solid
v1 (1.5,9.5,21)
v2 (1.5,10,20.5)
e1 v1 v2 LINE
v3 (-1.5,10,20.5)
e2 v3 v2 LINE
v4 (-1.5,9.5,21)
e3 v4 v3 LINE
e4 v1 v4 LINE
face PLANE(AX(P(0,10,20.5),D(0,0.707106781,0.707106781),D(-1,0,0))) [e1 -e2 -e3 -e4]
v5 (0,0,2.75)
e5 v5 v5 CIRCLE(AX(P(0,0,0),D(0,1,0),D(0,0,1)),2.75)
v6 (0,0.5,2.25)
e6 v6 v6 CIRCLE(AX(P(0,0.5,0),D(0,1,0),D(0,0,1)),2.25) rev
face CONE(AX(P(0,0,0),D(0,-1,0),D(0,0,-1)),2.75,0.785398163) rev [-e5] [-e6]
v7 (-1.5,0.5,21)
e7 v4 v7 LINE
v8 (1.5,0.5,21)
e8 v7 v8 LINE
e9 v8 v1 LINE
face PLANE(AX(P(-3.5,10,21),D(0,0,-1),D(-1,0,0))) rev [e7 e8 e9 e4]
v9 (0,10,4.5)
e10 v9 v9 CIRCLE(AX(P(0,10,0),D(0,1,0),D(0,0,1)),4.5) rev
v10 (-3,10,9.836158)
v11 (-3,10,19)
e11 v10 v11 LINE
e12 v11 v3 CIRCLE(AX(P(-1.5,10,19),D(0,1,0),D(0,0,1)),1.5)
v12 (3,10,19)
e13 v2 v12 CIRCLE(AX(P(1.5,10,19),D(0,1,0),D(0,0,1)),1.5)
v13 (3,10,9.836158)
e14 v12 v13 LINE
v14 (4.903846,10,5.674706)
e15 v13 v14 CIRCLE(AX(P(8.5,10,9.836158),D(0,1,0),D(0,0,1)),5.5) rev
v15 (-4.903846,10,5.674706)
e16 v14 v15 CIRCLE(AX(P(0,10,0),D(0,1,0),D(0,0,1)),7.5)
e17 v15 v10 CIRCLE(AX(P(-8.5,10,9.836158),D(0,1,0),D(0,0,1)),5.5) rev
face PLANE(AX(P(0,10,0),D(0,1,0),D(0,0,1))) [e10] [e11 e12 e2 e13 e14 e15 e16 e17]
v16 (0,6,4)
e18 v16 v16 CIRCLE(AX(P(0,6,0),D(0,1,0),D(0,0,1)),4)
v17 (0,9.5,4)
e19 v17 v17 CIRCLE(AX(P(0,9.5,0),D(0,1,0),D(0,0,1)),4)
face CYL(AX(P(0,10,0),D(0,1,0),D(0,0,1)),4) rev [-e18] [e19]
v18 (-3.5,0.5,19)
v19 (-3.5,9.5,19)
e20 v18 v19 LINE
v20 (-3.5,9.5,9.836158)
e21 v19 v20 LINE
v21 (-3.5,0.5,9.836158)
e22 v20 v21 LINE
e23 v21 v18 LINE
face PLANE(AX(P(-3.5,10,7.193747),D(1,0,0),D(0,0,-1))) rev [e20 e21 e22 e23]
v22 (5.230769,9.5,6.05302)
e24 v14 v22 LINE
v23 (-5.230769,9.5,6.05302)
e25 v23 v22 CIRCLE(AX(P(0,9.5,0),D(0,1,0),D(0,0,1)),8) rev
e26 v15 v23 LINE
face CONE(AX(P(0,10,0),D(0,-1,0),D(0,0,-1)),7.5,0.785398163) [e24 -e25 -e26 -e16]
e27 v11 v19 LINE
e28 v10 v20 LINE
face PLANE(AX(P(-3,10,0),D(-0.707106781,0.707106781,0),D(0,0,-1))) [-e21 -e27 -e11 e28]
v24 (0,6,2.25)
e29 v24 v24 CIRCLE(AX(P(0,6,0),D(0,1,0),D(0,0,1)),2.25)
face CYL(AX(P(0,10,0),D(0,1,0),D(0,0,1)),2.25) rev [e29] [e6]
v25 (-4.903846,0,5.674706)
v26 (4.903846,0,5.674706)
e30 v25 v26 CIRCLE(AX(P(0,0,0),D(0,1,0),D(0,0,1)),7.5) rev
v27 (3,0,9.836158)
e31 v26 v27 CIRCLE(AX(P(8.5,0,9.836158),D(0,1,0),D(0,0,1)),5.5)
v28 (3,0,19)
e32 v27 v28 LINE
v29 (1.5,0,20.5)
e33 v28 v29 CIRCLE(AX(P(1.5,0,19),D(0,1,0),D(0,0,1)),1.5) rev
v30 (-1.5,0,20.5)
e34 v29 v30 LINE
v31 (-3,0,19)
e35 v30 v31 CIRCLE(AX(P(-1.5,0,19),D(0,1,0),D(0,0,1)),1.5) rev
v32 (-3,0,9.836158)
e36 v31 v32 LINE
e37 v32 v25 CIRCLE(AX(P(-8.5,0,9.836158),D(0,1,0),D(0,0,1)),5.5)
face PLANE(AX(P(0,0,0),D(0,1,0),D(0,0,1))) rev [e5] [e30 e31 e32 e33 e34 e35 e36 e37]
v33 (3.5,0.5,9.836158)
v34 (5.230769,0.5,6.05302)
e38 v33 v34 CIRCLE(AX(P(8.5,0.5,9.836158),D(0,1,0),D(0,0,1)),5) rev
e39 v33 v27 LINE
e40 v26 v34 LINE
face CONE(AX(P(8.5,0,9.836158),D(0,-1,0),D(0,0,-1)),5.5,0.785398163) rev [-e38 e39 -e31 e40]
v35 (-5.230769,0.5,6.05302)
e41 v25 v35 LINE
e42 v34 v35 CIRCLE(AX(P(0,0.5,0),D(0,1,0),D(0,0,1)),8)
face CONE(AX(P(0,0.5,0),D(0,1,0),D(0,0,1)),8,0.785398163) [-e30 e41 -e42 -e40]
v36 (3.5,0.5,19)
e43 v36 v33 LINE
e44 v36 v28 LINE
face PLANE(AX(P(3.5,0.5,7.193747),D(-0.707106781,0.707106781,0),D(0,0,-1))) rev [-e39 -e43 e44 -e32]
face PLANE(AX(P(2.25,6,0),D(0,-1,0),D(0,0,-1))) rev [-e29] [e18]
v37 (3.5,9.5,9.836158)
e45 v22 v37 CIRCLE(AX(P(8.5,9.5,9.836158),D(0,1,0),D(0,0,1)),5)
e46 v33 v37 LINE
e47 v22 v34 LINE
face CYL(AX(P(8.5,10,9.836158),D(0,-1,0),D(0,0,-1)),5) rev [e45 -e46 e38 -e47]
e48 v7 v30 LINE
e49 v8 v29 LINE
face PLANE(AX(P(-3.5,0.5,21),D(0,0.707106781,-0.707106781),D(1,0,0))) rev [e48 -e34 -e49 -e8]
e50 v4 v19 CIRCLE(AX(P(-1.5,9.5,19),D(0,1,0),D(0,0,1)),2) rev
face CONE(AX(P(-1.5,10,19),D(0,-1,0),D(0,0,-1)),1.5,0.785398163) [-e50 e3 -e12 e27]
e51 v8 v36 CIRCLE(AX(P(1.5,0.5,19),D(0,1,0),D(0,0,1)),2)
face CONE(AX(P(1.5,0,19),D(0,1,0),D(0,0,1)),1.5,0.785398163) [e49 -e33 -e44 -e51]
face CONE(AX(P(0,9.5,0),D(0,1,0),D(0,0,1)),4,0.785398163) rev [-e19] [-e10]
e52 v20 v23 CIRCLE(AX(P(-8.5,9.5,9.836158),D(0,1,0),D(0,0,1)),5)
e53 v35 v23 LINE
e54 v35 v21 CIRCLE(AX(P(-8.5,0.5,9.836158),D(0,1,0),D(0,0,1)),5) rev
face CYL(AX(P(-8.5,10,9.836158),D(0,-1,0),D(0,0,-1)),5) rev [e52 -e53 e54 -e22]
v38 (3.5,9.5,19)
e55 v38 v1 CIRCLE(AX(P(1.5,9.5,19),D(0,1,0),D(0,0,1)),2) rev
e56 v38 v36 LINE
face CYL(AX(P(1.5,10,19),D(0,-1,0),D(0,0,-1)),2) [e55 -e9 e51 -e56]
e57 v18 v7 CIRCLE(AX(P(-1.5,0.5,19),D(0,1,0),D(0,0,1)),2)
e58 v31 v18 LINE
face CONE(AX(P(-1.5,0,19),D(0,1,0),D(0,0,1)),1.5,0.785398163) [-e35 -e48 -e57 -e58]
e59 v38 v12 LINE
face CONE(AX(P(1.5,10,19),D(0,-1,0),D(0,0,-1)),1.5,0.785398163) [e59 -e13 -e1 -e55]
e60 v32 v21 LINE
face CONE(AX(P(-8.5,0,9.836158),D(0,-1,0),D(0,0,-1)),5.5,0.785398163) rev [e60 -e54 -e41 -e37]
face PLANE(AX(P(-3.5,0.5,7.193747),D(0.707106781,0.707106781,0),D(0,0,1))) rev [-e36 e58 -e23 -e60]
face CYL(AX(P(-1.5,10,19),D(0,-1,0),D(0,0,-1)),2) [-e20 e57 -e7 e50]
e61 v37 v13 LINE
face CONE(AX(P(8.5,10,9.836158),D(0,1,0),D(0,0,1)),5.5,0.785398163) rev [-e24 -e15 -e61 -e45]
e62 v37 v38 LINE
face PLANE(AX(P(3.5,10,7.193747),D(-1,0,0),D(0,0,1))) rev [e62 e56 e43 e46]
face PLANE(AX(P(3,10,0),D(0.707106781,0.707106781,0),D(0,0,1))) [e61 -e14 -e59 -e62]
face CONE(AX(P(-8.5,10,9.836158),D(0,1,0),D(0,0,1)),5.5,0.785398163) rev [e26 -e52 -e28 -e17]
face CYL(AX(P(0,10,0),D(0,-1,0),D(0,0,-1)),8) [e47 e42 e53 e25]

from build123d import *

# Parameters (mm, degrees)
EXTRUDE_1_DEPTH             = 10
HOLE_WIZARD_M41_D           = 4.5
HOLE_WIZARD_M41_CBORE_D     = 8
HOLE_WIZARD_M41_CBORE_DEPTH = 4
FILLET_1_R                  = 2
FILLET_2_R                  = 5
CHAMFER_1_SIZE              = 0.5


with BuildPart() as part:
    # Эскиз1 → Бобышка-Вытянуть1 (new body)
    with BuildSketch(Plane(origin=(0, 0, 0), x_dir=(1, 0, 0), z_dir=(0, 1, 0))):
        with BuildLine():
            Line((-3.5, -7.193747285), (-3.5, -21))
            Line((-3.5, -21), (3.5, -21))
            Line((3.5, -21), (3.5, -7.193747285))
            ThreePointArc((3.5, -7.193747285), (0, 8), (-3.5, -7.193747285))
        make_face()
    extrude(amount=EXTRUDE_1_DEPTH)

    # Цековка для винта с внутренним шестигранником M41 (through all)
    with Locations(Plane(origin=(0, 10, 0), x_dir=(1, 0, 0), z_dir=(0, 1, 0))):
        with Locations((0, 0)):
            CounterBoreHole(HOLE_WIZARD_M41_D / 2, HOLE_WIZARD_M41_CBORE_D / 2, HOLE_WIZARD_M41_CBORE_DEPTH)

    # Скругление1
    fillet_1_edges = [part.edges().sort_by_distance(p)[0] for p in [
        (3.5, 5, 21),
        (-3.5, 5, 21),
    ]]
    fillet(fillet_1_edges, radius=FILLET_1_R)

    # Скругление2
    fillet_2_edges = [part.edges().sort_by_distance(p)[0] for p in [
        (-3.5, 5, 7.193747285),
        (3.5, 5, 7.193747285),
    ]]
    fillet(fillet_2_edges, radius=FILLET_2_R)

    # Фаска1
    chamfer_1_edges = [part.edges().sort_by_distance(p)[0] for p in [
        (-4, 10, 0),
        (2.25, 0, 0),
        (3.5, 0, 14.418078893),
        (3.5, 10, 14.418078893),
        (0, 0, 21),
        (-2.914213562, 0, 20.414213562),
        (2.914213562, 0, 20.414213562),
        (0, 10, 21),
        (-2.914213562, 10, 20.414213562),
        (2.914213562, 10, 20.414213562),
        (0, 0, -8),
        (0, 10, -8),
        (-3.5, 0, 14.418078893),
        (-3.5, 10, 14.418078893),
        (3.953234455, 0, 7.756032051),
        (3.953234455, 10, 7.756032051),
        (-3.953234455, 0, 7.756032051),
        (-3.953234455, 10, 7.756032051),
    ]]
    chamfer(chamfer_1_edges, length=CHAMFER_1_SIZE)


solid = part.part
